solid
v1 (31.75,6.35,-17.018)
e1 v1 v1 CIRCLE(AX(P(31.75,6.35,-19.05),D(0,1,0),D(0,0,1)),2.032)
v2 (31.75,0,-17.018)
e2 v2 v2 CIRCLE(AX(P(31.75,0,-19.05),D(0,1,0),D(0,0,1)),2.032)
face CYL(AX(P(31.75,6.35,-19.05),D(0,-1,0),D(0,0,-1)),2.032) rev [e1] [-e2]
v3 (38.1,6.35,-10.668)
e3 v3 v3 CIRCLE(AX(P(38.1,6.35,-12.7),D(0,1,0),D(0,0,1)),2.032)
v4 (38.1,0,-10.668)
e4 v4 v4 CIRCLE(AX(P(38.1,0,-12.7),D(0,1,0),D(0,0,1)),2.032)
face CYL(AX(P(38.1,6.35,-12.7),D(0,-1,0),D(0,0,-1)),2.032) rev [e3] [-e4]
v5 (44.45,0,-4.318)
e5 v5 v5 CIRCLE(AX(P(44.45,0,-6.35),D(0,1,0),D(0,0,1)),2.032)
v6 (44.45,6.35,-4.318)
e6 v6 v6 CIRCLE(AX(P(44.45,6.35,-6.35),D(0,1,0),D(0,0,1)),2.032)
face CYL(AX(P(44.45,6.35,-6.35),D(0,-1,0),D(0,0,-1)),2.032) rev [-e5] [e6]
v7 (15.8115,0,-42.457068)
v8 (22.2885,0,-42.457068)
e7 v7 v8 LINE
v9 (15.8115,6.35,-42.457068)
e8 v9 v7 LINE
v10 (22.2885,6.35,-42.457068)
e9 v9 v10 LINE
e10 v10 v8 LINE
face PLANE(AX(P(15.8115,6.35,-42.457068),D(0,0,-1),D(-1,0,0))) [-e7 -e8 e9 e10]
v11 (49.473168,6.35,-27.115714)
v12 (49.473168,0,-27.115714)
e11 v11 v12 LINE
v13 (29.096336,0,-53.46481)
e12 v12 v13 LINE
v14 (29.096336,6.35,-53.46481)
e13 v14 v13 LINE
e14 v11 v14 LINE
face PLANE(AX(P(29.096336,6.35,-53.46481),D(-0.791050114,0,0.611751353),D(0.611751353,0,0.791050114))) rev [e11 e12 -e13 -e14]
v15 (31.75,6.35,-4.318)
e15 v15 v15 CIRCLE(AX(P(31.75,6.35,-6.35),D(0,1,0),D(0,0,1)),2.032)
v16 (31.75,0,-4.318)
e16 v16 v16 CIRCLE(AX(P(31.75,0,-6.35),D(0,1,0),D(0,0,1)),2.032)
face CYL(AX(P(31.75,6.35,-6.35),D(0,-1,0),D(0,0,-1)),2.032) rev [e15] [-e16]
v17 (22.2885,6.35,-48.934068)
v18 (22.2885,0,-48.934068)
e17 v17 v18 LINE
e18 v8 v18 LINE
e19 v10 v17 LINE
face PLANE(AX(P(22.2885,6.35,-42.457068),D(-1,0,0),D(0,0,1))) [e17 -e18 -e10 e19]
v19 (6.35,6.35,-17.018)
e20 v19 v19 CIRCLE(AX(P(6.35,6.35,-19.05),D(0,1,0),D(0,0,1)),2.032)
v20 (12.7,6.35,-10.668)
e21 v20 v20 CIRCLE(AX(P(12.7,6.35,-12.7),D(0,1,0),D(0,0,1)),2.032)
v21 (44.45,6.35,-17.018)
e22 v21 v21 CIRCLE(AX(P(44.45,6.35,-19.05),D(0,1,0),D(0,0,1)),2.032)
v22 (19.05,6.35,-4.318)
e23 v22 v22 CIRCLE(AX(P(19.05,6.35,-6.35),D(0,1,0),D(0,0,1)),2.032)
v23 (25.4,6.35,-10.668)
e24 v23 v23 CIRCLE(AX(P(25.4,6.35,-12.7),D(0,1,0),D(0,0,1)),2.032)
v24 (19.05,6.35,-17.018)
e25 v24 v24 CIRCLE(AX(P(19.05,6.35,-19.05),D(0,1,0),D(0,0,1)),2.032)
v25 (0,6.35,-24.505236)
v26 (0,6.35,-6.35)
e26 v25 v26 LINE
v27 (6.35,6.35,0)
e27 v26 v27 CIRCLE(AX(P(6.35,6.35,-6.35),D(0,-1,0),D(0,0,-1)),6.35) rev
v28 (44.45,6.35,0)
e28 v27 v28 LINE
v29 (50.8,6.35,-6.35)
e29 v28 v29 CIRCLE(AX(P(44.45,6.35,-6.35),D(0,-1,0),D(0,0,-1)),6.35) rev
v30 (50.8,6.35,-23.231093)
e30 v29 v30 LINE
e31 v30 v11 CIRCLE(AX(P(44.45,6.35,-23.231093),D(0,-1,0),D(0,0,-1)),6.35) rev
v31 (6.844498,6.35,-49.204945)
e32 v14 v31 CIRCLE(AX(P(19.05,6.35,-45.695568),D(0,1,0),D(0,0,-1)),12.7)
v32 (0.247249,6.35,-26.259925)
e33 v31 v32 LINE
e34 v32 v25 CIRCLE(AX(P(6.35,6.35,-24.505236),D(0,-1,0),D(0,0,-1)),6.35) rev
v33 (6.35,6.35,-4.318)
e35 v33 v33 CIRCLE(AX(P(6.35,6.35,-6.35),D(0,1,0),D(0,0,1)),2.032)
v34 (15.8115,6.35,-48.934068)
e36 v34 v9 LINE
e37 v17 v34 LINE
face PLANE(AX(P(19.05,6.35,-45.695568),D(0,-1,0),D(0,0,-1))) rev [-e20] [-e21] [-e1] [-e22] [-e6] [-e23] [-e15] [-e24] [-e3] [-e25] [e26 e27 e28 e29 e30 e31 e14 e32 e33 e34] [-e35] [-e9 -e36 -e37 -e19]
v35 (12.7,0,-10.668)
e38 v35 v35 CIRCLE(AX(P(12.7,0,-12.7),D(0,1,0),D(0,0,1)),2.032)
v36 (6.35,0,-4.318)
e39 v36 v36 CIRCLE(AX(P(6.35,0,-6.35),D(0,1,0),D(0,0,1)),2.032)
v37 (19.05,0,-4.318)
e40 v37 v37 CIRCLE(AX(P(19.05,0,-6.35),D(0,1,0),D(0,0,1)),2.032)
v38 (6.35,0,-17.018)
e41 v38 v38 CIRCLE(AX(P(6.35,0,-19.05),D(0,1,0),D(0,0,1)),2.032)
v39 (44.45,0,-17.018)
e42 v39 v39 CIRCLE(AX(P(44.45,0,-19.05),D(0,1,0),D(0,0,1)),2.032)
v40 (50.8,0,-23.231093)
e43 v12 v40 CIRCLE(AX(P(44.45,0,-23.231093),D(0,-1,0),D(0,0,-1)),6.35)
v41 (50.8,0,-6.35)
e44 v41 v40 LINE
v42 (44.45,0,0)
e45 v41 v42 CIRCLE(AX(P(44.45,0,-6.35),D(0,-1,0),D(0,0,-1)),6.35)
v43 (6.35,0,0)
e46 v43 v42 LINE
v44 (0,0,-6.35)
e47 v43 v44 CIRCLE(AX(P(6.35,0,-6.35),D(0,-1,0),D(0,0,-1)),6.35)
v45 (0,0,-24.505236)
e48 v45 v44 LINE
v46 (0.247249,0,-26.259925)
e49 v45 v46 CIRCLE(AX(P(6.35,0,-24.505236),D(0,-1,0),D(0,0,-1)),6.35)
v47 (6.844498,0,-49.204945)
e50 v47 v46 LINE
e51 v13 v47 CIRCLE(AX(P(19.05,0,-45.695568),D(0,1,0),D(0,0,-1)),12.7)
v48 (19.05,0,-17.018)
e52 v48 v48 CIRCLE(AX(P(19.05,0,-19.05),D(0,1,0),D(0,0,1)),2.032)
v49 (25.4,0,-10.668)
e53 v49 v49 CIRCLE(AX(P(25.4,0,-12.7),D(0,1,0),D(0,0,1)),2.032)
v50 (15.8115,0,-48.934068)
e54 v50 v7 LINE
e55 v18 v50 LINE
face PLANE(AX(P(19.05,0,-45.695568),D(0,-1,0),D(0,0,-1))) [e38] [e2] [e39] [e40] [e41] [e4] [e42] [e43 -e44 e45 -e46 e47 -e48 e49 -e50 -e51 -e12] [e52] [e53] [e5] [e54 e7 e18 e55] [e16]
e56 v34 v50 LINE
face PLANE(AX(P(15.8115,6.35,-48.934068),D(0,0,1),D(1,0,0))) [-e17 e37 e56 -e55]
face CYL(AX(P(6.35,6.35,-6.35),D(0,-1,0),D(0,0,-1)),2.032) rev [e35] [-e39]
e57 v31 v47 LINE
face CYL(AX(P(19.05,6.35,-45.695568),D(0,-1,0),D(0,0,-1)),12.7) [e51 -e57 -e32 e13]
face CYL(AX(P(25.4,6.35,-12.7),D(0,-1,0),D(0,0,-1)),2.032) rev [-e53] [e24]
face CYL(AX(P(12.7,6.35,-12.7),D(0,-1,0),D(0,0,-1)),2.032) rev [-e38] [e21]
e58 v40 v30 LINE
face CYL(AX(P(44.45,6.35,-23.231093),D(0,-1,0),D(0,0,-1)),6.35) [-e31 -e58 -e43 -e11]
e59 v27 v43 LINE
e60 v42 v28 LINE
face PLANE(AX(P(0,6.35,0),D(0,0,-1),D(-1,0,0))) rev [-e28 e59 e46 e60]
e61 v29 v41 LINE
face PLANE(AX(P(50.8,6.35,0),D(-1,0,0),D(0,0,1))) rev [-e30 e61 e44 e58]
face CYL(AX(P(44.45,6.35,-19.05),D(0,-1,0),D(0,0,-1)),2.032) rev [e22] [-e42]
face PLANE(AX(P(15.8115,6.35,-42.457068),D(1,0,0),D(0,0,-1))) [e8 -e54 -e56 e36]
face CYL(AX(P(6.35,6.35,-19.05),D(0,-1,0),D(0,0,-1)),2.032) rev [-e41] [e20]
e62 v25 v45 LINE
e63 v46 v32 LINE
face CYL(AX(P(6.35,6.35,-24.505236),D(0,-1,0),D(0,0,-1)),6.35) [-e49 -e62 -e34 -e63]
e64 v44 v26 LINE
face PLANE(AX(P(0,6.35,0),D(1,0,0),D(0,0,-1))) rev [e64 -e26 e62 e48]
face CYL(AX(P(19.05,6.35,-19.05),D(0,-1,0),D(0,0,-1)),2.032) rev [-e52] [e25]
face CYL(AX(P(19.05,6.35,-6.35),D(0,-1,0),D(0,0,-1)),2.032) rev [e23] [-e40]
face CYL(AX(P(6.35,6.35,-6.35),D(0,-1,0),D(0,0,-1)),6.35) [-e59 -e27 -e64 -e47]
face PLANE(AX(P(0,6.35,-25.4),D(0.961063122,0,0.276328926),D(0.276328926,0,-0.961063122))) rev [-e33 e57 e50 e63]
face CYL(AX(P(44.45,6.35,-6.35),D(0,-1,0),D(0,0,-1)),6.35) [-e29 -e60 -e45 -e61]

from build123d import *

# Parameters (mm, degrees)
SKETCH1_R           = 2.032
SKETCH1_W           = 6.477
SKETCH1_H           = 6.477
BOSS_EXTRUDE1_DEPTH = 6.35
FILLET1_R           = 6.35


with BuildPart() as part:
    # Sketch1 → Boss-Extrude1 (new body)
    with BuildSketch(Plane(origin=(0, 0, 0), x_dir=(1, 0, 0), z_dir=(0, 1, 0))):
        with BuildLine():
            Line((0, 25.4), (6.844498349, 49.204945244))
            ThreePointArc((6.844498349, 49.204945244), (16.662090732, 58.169055341), (29.096336444, 53.464810065))
            Line((29.096336444, 53.464810065), (50.8, 25.4))
            Line((50.8, 25.4), (50.8, 0))
            Line((50.8, 0), (0, 0))
            Line((0, 0), (0, 25.4))
        make_face()
        with Locations(Location((6.35, 6.35, 0), (0, 0, 270))):
            Circle(SKETCH1_R, mode=Mode.SUBTRACT)
        with Locations(Location((19.05, 6.35, 0), (0, 0, 270))):
            Circle(SKETCH1_R, mode=Mode.SUBTRACT)
        with Locations(Location((31.75, 6.35, 0), (0, 0, 270))):
            Circle(SKETCH1_R, mode=Mode.SUBTRACT)
        with Locations(Location((44.45, 6.35, 0), (0, 0, 270))):
            Circle(SKETCH1_R, mode=Mode.SUBTRACT)
        with Locations(Location((19.05, 19.05, 0), (0, 0, 270))):
            Circle(SKETCH1_R, mode=Mode.SUBTRACT)
        with Locations(Location((31.75, 19.05, 0), (0, 0, 270))):
            Circle(SKETCH1_R, mode=Mode.SUBTRACT)
        with Locations(Location((44.45, 19.05, 0), (0, 0, 270))):
            Circle(SKETCH1_R, mode=Mode.SUBTRACT)
        with Locations(Location((6.35, 19.05, 0), (0, 0, 270))):
            Circle(SKETCH1_R, mode=Mode.SUBTRACT)
        with Locations(Location((12.7, 12.7, 0), (0, 0, 270))):
            Circle(SKETCH1_R, mode=Mode.SUBTRACT)
        with Locations(Location((25.4, 12.7, 0), (0, 0, 270))):
            Circle(SKETCH1_R, mode=Mode.SUBTRACT)
        with Locations(Location((38.1, 12.7, 0), (0, 0, 270))):
            Circle(SKETCH1_R, mode=Mode.SUBTRACT)
        with Locations((19.05, 45.695567884)):
            Rectangle(SKETCH1_W, SKETCH1_H, mode=Mode.SUBTRACT)
    extrude(amount=BOSS_EXTRUDE1_DEPTH)

    # Fillet1
    fillet1_edges = [part.edges().sort_by_distance(p)[0] for p in [
        (0, 3.175, -25.4),
        (50.8, 3.175, -25.4),
        (50.8, 3.175, 0),
        (0, 3.175, 0),
    ]]
    fillet(fillet1_edges, radius=FILLET1_R)


solid = part.part
